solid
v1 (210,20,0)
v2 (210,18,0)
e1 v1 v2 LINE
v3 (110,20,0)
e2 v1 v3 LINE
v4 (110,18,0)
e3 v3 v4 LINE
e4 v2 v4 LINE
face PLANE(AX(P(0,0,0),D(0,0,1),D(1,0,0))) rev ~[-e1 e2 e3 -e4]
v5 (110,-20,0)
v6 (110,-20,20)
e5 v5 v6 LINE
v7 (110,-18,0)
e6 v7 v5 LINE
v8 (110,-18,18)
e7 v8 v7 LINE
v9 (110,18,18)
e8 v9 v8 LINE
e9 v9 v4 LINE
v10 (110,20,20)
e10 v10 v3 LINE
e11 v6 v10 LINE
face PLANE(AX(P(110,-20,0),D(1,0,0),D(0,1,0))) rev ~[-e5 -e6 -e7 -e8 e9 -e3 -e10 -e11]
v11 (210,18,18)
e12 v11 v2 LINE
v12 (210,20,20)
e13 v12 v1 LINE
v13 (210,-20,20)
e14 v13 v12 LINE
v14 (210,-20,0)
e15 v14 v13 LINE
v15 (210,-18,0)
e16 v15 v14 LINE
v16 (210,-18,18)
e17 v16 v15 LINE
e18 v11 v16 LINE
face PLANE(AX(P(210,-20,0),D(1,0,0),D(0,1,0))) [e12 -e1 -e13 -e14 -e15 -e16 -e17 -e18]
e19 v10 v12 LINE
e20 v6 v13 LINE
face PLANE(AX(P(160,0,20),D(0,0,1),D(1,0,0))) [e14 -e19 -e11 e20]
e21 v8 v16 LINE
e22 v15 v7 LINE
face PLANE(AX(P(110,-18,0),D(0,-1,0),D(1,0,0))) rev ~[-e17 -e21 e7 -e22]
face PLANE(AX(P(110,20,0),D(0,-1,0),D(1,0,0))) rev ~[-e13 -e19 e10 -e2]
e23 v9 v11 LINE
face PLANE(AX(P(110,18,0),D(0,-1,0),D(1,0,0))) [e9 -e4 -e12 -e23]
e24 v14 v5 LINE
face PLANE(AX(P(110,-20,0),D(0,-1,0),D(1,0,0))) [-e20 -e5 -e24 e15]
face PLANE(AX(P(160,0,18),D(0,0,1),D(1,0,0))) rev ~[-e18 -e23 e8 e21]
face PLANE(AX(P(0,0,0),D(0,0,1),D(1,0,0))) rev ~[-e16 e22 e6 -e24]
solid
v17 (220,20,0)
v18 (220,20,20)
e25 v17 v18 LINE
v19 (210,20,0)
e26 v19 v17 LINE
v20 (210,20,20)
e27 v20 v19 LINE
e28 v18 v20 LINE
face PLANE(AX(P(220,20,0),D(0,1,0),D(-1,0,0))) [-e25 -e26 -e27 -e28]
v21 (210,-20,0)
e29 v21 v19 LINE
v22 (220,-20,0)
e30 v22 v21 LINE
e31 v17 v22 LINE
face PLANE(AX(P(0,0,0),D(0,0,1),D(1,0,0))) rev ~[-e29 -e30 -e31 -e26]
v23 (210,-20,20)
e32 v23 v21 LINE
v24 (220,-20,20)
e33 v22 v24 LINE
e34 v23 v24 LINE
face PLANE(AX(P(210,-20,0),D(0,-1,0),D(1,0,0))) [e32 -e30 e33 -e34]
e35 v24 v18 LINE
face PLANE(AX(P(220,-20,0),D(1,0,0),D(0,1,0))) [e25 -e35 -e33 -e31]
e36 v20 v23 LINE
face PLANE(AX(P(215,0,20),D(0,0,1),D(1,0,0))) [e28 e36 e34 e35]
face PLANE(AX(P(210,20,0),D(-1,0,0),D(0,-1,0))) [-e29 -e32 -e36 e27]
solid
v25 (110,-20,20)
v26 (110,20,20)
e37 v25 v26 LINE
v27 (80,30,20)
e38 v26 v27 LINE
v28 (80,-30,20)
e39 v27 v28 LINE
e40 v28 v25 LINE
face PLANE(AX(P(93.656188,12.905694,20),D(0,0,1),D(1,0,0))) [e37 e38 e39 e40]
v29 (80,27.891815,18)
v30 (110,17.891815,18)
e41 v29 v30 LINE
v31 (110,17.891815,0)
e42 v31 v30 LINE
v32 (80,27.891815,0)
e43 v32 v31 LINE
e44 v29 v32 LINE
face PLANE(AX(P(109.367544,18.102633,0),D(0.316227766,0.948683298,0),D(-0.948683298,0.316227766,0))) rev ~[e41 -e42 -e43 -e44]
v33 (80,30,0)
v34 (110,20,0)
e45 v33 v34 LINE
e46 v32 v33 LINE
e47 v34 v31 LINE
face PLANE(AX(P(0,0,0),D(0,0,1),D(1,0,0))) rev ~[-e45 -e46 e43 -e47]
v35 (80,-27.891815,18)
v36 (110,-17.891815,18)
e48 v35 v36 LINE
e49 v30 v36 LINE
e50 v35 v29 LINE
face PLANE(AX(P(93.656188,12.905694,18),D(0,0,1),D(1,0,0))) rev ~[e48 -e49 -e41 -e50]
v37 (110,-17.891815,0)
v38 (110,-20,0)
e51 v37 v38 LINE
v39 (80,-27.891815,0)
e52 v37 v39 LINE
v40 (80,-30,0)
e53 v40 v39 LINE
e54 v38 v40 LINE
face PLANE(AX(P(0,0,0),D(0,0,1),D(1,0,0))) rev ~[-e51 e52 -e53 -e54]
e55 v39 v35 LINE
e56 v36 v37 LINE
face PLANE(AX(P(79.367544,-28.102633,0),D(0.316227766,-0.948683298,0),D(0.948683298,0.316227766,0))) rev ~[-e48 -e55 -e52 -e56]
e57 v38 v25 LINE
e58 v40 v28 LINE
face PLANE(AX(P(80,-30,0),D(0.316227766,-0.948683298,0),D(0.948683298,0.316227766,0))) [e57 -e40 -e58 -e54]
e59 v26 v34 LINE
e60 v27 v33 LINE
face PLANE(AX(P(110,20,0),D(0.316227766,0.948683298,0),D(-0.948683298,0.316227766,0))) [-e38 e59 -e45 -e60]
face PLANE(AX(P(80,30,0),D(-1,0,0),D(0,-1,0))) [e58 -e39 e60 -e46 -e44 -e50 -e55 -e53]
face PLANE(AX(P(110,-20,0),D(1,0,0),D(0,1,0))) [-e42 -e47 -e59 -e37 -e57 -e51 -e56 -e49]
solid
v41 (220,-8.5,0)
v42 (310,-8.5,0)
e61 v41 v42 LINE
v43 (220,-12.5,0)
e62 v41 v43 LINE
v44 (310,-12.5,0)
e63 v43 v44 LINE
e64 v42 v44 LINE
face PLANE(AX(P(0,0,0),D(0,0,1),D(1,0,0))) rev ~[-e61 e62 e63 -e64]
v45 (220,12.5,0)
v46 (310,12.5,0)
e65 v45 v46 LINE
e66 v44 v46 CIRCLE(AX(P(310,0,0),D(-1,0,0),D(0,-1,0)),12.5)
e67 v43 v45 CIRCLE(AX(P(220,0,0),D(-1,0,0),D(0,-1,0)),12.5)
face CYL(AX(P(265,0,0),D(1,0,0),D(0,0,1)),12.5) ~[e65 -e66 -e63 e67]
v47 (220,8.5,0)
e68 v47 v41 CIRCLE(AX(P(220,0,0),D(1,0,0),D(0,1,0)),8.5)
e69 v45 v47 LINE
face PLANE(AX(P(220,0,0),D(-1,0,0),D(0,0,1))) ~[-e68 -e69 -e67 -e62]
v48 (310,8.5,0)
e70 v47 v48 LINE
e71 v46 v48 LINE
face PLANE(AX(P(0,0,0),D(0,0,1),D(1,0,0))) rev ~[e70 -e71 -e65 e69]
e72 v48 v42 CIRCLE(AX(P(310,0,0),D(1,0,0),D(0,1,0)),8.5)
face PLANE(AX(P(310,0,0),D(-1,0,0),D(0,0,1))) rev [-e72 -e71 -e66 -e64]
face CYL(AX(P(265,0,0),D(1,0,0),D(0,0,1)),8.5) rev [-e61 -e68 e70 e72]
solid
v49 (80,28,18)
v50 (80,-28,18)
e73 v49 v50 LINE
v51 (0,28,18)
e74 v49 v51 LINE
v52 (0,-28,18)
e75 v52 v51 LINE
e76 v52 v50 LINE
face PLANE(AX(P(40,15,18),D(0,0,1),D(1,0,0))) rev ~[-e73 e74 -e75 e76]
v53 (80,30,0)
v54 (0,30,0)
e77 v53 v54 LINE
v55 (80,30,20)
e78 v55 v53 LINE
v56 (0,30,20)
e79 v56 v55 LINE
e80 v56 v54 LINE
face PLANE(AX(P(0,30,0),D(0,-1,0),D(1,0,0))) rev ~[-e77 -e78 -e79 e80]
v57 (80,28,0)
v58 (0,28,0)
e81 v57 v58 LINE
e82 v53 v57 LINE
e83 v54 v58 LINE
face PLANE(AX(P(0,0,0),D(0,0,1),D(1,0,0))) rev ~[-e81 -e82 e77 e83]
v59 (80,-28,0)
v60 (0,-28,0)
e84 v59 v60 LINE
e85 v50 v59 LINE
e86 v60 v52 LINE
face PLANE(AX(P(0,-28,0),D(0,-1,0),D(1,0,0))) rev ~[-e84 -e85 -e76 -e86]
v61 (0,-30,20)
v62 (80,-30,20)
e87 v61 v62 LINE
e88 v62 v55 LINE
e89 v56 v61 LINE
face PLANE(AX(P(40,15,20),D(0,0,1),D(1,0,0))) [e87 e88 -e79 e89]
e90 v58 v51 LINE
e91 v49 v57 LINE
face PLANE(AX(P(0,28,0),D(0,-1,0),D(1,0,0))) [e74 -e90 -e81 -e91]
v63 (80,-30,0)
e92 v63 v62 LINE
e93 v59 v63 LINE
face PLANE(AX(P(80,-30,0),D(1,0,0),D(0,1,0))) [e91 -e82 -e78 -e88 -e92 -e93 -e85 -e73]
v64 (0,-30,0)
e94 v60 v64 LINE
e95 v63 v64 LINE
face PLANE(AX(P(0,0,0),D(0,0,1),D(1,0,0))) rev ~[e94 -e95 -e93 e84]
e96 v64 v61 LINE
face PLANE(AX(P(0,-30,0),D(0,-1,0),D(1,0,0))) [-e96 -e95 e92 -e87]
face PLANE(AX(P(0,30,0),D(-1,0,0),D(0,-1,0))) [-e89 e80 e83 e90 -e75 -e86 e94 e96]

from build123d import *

# Parameters (mm, degrees)
CROQUIS1_W              = 80
CROQUIS1_H              = 60
SALIENTE_EXTRUIR1_DEPTH = 20
SALIENTE_EXTRUIR2_DEPTH = 20
CROQUIS1_4_W            = 100
CROQUIS1_4_H            = 40
SALIENTE_EXTRUIR3_DEPTH = 20
VACIADO1_T              = -2
SALIENTE_EXTRUIR4_DEPTH = 20
CROQUIS1_6_W            = 90
CROQUIS1_6_H            = 4
VACIADO2_T              = -2
VACIADO3_T              = -2
CORTAR_EXTRUIR2_DEPTH   = 72


with BuildPart() as part:
    # Croquis1 → Saliente-Extruir1 (new, symmetric)
    with BuildSketch(Plane.XY):
        with Locations((40, 0)):
            Rectangle(CROQUIS1_W, CROQUIS1_H)
    extrude(amount=SALIENTE_EXTRUIR1_DEPTH, both=True)

    # Vaciado1
    vaciado1_openings = [part.faces().sort_by_distance(p)[0] for p in [
        (80, 0, 0),
        (0, 0, 0),
    ]]
    offset(amount=VACIADO1_T, openings=vaciado1_openings, kind=Kind.INTERSECTION)


with BuildPart() as body_2:
    # Croquis1<3> → Saliente-Extruir2 (new, symmetric)
    with BuildSketch(Plane.XY):
        Polygon((80, 30), (80, -30), (110, -20), (110, 20), align=None)
    extrude(amount=SALIENTE_EXTRUIR2_DEPTH, both=True)

    # Vaciado2
    vaciado2_openings = [body_2.faces().sort_by_distance(p)[0] for p in [
        (110, 0, 0),
        (80, 0, 0),
    ]]
    offset(amount=VACIADO2_T, openings=vaciado2_openings, kind=Kind.INTERSECTION)


with BuildPart() as body_3:
    # Croquis1<4> → Saliente-Extruir3 (new, symmetric)
    with BuildSketch(Plane.XY):
        with Locations((160, 0)):
            Rectangle(CROQUIS1_4_W, CROQUIS1_4_H)
    extrude(amount=SALIENTE_EXTRUIR3_DEPTH, both=True)

    # Vaciado3
    vaciado3_openings = [body_3.faces().sort_by_distance(p)[0] for p in [
        (210, 0, 0),
        (110, 0, 0),
    ]]
    offset(amount=VACIADO3_T, openings=vaciado3_openings, kind=Kind.INTERSECTION)


with BuildPart() as body_4:
    # Croquis1<7> → Saliente-Extruir4 (new, symmetric)
    with BuildSketch(Plane.XY):
        Polygon((210, 20), (210, -20), (220, -20), (220, -12.5), (220, -8.5), (220, 8.5), (220, 12.5), (220, 20), align=None)
    extrude(amount=SALIENTE_EXTRUIR4_DEPTH, both=True)


with BuildPart() as body_5:
    # Croquis1<6> → Revolución1 (revolve)
    with BuildSketch(Plane.XY):
        with Locations((265, 10.5)):
            Rectangle(CROQUIS1_6_W, CROQUIS1_6_H)
    revolve(axis=Axis((210, 0, 0), (-1, 0, 0)))


with BuildPart() as cortar_extruir2_tool:
    # Croquis6 → Cortar-Extruir2 (new, symmetric)
    with BuildSketch(Plane(origin=(0, 0, 0), x_dir=(1, 0, 0), z_dir=(0, 1, 0))):
        Polygon((0, 0), (340.896123577, 0), (340.896123577, 59.379495174), (-32.701047908, 59.379495174), (-32.701047908, 29.689747587), align=None)
    extrude(amount=CORTAR_EXTRUIR2_DEPTH, both=True)


with BuildPart() as part_1:
    add(part.part)

    # Cortar-Extruir2: cut by cortar_extruir2_tool
    add(cortar_extruir2_tool.part, mode=Mode.SUBTRACT)


with BuildPart() as body_2_1:
    add(body_2.part)

    # Cortar-Extruir2: cut by cortar_extruir2_tool
    add(cortar_extruir2_tool.part, mode=Mode.SUBTRACT)


with BuildPart() as body_3_1:
    add(body_3.part)

    # Cortar-Extruir2: cut by cortar_extruir2_tool
    add(cortar_extruir2_tool.part, mode=Mode.SUBTRACT)


with BuildPart() as body_4_1:
    add(body_4.part)

    # Cortar-Extruir2: cut by cortar_extruir2_tool
    add(cortar_extruir2_tool.part, mode=Mode.SUBTRACT)


with BuildPart() as body_5_1:
    add(body_5.part)

    # Cortar-Extruir2: cut by cortar_extruir2_tool
    add(cortar_extruir2_tool.part, mode=Mode.SUBTRACT)


solid = Compound([part_1.part, body_2_1.part, body_3_1.part, body_4_1.part, body_5_1.part])
